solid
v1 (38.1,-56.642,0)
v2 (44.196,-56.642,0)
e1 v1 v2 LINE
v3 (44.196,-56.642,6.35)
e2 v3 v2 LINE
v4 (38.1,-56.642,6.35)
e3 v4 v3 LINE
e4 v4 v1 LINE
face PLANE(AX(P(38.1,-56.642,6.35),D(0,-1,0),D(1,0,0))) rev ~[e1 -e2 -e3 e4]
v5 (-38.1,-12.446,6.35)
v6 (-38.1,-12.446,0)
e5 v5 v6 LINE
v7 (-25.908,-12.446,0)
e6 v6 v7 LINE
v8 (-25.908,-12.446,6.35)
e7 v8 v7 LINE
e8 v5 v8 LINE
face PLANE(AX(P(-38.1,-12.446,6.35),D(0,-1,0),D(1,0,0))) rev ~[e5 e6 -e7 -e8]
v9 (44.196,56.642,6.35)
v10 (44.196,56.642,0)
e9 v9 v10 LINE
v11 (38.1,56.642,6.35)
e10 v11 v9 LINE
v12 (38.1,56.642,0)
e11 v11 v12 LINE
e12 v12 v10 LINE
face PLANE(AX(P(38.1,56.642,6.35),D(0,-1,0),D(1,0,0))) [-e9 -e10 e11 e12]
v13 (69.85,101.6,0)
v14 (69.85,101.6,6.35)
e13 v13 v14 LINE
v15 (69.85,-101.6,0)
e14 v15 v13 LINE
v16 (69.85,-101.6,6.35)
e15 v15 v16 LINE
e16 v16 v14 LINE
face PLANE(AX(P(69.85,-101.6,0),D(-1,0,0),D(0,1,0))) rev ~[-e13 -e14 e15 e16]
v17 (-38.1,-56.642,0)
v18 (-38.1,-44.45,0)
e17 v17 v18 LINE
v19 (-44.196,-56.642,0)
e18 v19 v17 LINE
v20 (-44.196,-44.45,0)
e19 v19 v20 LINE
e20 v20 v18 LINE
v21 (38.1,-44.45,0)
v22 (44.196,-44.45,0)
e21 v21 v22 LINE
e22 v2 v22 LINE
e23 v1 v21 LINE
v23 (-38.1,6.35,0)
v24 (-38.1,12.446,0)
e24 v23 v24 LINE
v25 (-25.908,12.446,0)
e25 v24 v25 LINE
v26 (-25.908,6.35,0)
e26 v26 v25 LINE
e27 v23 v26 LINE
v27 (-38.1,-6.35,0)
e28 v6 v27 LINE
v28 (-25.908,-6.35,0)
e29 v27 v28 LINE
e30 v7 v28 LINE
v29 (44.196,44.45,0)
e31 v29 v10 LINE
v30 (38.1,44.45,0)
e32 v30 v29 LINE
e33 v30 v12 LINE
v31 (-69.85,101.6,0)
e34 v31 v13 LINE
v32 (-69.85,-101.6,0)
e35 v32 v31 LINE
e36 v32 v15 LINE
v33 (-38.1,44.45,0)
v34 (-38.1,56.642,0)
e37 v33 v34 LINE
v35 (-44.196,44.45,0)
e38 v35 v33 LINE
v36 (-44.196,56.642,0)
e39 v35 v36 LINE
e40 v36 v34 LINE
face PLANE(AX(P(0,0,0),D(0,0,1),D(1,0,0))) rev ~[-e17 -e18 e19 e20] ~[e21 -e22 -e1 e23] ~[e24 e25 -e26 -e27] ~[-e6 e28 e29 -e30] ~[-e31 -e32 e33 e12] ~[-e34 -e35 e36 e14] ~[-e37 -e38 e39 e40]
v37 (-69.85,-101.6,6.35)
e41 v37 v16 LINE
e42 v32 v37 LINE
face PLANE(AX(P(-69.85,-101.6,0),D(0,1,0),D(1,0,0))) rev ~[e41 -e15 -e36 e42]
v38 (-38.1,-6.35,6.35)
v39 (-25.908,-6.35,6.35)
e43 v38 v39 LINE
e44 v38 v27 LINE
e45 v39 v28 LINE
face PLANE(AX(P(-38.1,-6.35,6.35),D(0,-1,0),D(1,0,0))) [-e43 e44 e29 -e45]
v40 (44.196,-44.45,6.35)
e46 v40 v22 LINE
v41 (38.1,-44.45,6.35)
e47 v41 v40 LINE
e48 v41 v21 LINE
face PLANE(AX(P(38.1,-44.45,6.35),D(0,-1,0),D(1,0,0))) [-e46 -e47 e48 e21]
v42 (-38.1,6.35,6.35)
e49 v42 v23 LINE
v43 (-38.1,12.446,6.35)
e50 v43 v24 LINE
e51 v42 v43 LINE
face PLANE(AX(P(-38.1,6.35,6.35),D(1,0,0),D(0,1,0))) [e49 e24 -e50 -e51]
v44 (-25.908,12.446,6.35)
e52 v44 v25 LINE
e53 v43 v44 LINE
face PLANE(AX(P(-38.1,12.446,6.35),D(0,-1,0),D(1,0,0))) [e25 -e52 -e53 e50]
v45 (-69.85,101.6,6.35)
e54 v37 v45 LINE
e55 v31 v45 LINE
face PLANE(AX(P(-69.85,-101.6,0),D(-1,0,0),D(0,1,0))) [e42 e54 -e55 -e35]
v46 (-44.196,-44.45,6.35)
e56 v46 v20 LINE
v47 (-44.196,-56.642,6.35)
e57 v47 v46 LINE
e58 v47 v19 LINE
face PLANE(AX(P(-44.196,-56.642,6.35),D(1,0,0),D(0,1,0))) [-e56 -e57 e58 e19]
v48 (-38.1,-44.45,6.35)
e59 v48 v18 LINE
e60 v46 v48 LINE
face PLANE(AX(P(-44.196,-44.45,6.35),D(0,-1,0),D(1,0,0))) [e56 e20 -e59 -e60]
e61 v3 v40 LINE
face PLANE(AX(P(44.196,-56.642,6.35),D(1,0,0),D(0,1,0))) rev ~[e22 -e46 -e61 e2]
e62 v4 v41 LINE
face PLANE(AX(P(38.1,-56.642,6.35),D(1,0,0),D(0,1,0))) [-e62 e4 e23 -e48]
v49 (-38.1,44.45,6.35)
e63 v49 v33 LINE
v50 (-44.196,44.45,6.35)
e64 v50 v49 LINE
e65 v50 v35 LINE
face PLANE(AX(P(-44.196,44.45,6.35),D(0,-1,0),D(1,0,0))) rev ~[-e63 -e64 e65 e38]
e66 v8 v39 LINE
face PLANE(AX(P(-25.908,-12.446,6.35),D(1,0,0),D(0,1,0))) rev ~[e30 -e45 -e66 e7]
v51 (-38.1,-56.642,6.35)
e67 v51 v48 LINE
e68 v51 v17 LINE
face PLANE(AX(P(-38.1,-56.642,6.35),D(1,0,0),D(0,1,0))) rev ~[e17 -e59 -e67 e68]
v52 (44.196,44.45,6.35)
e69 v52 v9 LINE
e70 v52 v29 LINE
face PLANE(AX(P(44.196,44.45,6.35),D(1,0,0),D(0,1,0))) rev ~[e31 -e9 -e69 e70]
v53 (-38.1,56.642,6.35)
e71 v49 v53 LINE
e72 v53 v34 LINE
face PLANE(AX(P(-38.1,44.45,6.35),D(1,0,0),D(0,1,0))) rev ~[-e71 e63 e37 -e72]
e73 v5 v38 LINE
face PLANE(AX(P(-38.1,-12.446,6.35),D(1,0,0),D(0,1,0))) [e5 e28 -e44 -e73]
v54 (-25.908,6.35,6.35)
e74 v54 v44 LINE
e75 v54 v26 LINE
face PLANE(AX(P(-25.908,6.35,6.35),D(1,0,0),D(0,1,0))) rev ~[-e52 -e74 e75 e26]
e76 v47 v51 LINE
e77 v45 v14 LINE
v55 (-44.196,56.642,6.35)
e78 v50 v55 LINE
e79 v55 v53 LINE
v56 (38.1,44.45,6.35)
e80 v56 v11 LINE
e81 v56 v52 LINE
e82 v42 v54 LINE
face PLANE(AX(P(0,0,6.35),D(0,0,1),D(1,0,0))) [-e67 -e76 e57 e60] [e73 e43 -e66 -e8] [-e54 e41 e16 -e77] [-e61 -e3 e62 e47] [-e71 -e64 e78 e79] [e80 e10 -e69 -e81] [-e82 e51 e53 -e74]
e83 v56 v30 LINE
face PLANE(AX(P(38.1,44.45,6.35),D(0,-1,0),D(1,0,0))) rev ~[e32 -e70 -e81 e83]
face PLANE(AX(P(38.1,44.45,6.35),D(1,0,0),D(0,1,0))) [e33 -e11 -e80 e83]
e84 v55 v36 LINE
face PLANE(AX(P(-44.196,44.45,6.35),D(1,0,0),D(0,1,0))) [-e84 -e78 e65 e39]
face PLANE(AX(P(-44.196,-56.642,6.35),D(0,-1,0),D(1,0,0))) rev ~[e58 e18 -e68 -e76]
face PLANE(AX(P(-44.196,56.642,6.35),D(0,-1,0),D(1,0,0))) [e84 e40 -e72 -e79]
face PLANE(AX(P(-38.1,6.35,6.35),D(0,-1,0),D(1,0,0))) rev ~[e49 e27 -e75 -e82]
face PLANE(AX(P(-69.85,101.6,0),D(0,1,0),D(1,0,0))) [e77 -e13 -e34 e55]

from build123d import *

# Parameters (mm, degrees)
F0_W     = 139.7
F0_H     = 203.2
F1_DEPTH = 6.35
F2_W     = 6.096
F2_H     = 12.192
F2_W_2   = 12.192
F2_H_2   = 6.096
F3_DEPTH = 12.7


with BuildPart() as f1:
    # F0 (on Top) → F1 (new body)
    with BuildSketch(Plane.XY):
        Rectangle(F0_W, F0_H)
    extrude(amount=F1_DEPTH)

    # F2 (on face) → F3 (cut)
    with BuildSketch(Plane.XY.offset(6.35)):
        with Locations((-41.148, 50.546)):
            Rectangle(F2_W, F2_H)
        with Locations((41.148, 50.546)):
            Rectangle(F2_W, F2_H)
        with Locations((41.148, -50.546)):
            Rectangle(F2_W, F2_H)
        with Locations((-41.148, -50.546)):
            Rectangle(F2_W, F2_H)
        with Locations((-32.004, 9.398)):
            Rectangle(F2_W_2, F2_H_2)
        with Locations((-32.004, -9.398)):
            Rectangle(F2_W_2, F2_H_2)
    extrude(amount=-F3_DEPTH, mode=Mode.SUBTRACT)


solid = f1.part
